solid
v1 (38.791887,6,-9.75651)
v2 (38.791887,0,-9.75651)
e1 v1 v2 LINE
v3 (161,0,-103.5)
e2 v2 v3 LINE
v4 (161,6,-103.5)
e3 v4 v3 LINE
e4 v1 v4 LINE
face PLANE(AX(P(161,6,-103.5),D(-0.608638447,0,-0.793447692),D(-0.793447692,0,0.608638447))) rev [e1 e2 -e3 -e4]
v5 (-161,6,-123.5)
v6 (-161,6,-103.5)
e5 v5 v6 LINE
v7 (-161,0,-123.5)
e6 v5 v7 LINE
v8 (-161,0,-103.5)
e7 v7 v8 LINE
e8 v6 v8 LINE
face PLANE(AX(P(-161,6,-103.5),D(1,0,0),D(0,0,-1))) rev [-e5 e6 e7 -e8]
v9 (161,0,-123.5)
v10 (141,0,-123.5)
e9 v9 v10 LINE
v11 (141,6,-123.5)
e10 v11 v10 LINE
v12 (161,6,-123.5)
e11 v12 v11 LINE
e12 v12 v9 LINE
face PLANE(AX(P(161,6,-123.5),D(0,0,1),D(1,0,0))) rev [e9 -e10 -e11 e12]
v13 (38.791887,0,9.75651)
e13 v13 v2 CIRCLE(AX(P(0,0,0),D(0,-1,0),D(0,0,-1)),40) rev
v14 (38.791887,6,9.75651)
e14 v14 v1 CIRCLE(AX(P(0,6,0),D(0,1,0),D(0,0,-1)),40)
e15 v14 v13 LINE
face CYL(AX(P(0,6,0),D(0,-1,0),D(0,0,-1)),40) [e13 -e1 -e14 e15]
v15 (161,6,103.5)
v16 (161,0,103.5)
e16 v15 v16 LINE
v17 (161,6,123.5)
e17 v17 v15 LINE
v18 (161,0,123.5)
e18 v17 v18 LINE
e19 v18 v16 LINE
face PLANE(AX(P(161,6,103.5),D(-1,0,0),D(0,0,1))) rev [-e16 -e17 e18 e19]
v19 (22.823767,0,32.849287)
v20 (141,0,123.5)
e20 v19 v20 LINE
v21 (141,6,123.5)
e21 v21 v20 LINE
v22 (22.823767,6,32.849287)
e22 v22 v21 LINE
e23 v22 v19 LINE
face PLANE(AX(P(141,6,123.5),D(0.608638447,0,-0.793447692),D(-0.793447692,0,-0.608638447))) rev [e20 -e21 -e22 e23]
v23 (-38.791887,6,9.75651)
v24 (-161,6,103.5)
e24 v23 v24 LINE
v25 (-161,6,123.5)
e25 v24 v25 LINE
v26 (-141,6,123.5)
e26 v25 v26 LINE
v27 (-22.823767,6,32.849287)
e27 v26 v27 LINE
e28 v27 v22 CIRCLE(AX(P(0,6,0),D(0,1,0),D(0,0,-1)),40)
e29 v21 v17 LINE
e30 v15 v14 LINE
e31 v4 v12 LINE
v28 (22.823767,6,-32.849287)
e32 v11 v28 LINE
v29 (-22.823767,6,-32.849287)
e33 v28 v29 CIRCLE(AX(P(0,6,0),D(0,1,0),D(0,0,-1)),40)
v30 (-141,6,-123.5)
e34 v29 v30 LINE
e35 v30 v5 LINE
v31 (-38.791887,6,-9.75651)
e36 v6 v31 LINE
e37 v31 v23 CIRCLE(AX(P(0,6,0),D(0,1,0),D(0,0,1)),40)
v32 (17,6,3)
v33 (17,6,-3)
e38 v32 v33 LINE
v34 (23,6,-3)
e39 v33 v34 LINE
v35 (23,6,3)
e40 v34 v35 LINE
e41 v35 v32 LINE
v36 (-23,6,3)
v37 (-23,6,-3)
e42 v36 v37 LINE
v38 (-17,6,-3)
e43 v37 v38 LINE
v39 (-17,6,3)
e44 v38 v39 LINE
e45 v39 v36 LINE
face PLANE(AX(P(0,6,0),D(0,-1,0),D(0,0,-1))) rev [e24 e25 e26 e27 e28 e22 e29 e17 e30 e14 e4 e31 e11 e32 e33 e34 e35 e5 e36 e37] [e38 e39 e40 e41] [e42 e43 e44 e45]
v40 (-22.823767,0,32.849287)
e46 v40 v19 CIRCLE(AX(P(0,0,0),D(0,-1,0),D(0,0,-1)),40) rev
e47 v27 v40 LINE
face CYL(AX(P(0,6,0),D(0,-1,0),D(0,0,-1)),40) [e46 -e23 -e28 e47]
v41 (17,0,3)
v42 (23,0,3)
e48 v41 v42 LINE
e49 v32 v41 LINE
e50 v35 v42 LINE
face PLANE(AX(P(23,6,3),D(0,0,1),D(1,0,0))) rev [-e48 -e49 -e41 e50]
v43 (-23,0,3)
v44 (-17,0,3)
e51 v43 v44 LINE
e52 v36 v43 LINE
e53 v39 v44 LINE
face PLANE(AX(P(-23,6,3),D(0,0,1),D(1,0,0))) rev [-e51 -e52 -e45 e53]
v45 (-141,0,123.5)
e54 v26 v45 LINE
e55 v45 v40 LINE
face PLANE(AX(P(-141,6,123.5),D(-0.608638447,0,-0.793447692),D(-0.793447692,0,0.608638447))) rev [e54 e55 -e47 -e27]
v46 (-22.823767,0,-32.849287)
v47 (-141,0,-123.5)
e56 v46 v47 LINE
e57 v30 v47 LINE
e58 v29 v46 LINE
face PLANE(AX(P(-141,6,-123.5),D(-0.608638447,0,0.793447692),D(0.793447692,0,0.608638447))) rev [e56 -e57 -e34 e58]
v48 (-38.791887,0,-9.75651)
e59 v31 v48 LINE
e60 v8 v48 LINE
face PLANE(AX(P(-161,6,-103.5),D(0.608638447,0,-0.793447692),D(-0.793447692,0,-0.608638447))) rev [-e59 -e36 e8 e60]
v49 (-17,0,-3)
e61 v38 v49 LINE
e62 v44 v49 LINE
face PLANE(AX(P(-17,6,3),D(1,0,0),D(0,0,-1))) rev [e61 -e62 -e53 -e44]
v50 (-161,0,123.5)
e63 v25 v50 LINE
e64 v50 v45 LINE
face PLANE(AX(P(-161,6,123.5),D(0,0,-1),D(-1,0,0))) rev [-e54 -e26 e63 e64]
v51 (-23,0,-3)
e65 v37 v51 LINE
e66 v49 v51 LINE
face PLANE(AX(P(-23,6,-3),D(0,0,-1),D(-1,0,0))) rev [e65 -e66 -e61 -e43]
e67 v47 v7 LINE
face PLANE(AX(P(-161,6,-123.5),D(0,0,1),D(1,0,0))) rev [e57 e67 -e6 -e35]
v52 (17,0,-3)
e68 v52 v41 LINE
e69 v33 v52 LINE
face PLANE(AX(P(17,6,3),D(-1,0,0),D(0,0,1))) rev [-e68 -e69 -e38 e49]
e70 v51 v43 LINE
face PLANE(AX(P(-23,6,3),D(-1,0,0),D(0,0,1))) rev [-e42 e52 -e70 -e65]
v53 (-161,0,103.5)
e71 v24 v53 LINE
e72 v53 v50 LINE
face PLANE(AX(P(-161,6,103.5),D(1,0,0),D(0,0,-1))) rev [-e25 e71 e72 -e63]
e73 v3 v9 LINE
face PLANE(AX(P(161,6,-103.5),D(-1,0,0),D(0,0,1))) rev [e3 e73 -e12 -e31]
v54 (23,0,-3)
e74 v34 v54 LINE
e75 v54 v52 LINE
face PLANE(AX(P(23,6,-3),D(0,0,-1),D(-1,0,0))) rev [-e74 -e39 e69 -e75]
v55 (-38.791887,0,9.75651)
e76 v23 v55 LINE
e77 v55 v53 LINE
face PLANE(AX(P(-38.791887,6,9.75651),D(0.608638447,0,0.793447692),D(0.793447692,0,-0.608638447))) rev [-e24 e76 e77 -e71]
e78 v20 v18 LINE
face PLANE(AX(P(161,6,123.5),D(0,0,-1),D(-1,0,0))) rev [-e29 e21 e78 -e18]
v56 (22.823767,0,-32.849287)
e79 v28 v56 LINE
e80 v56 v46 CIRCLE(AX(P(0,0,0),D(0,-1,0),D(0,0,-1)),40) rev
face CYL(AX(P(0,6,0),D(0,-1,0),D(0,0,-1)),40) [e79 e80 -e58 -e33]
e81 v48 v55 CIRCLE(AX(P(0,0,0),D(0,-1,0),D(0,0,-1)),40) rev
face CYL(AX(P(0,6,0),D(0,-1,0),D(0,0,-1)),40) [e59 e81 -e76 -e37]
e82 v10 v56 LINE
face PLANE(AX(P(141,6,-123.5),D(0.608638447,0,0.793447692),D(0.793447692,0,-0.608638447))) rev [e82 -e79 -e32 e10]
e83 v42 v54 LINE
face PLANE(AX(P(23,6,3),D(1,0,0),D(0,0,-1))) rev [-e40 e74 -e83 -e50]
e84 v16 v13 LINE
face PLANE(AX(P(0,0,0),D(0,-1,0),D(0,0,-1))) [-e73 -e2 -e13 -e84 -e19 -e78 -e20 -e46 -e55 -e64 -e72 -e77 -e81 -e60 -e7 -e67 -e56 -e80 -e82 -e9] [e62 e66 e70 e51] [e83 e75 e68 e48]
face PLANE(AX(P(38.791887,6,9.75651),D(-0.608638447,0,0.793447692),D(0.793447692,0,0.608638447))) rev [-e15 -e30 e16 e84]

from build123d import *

# Parameters (mm, degrees)
SALIENTE_EXTRUIR1_DEPTH = 6
CROQUIS7_R              = 40
SALIENTE_EXTRUIR5_DEPTH = 6
SALIENTE_EXTRUIR3_DEPTH = 6
CROQUIS6_R              = 1.75
SALIENTE_EXTRUIR4_DEPTH = 6
CROQUIS8_W              = 6
CROQUIS8_H              = 6
CORTAR_EXTRUIR1_DEPTH   = 25
CROQUIS9_R              = 40
CORTAR_EXTRUIR2_DEPTH   = 18


with BuildPart() as part:
    # Croquis1 → Saliente-Extruir1 (new body)
    with BuildSketch(Plane(origin=(0, 0, 0), x_dir=(1, 0, 0), z_dir=(0, 1, 0))):
        with BuildLine():
            Line((-161, 103.5), (-38.791887254, 9.756509788))
            ThreePointArc((-38.791887254, 9.756509788), (-40, 0), (-38.791887254, -9.756509788))
            Line((-38.791887254, -9.756509788), (-161, -103.5))
            Line((-161, -103.5), (-161, -123.5))
            Line((-161, -123.5), (-141, -123.5))
            Line((-141, -123.5), (-22.823766962, -32.84928708))
            ThreePointArc((-22.823766962, -32.84928708), (0, -40), (22.823766962, -32.84928708))
            Line((22.823766962, -32.84928708), (141, -123.5))
            Line((141, -123.5), (161, -123.5))
            Line((161, -123.5), (161, -103.5))
            Line((161, -103.5), (38.791887254, -9.756509788))
            ThreePointArc((38.791887254, -9.756509788), (40, 0), (38.791887254, 9.756509788))
            Line((38.791887254, 9.756509788), (161, 103.5))
            Line((161, 103.5), (161, 123.5))
            Line((161, 123.5), (141, 123.5))
            Line((141, 123.5), (22.823766962, 32.84928708))
            ThreePointArc((22.823766962, 32.84928708), (0, 40), (-22.823766962, 32.84928708))
            Line((-22.823766962, 32.84928708), (-141, 123.5))
            Line((-141, 123.5), (-161, 123.5))
            Line((-161, 123.5), (-161, 103.5))
        make_face()
    extrude(amount=SALIENTE_EXTRUIR1_DEPTH)

    # Croquis7 → Saliente-Extruir5 (add)
    with BuildSketch(Plane(origin=(0, 0, 0), x_dir=(-1, 0, 0), z_dir=(0, -1, 0))):
        Circle(CROQUIS7_R)
    extrude(amount=SALIENTE_EXTRUIR5_DEPTH)

    # Croquis5 → Saliente-Extruir3 (add)
    with BuildSketch(Plane.XZ.offset(6)):
        with BuildLine():
            Line((18.896097481, -21), (-18.896097481, -21))
            ThreePointArc((-18.896097481, -21), (-28.25, 0), (-18.896097481, 21))
            Line((-18.896097481, 21), (-13.25, 21))
            Line((-13.25, 21), (-13.25, -11))
            Line((-13.25, -11), (13.25, -11))
            Line((13.25, -11), (13.25, 21))
            Line((13.25, 21), (18.896097481, 21))
            ThreePointArc((18.896097481, 21), (28.25, 0), (18.896097481, -21))
        make_face()
    extrude(amount=SALIENTE_EXTRUIR3_DEPTH)

    # Croquis6 → Saliente-Extruir4 (add)
    with BuildSketch(Plane.XZ.offset(12)):
        with BuildLine():
            Line((-18.896097481, 21), (-13.25, 21))
            Line((-13.25, 21), (-13.25, 3.5))
            ThreePointArc((-13.25, 3.5), (-13.103553391, 3.146446609), (-12.75, 3))
            Line((-12.75, 3), (12.75, 3))
            ThreePointArc((12.75, 3), (13.103553391, 3.146446609), (13.25, 3.5))
            Line((13.25, 3.5), (13.25, 21))
            Line((13.25, 21), (18.896097481, 21))
            ThreePointArc((18.896097481, 21), (28.25, 0), (18.896097481, -21))
            Line((18.896097481, -21), (-18.896097481, -21))
            ThreePointArc((-18.896097481, -21), (-28.25, 0), (-18.896097481, 21))
        make_face()
        with Locations((-8, -5.75)):
            Circle(CROQUIS6_R, mode=Mode.SUBTRACT)
        with Locations((8, -5.75)):
            Circle(CROQUIS6_R, mode=Mode.SUBTRACT)
    extrude(amount=SALIENTE_EXTRUIR4_DEPTH)

    # Croquis8 → Cortar-Extruir1 (cut, through all)
    with BuildSketch(Plane.XZ.offset(18)):
        with Locations((-20, 0)):
            Rectangle(CROQUIS8_W, CROQUIS8_H)
        with Locations((20, 0)):
            Rectangle(CROQUIS8_W, CROQUIS8_H)
    extrude(amount=-CORTAR_EXTRUIR1_DEPTH, mode=Mode.SUBTRACT)

    # Croquis9 → Cortar-Extruir2 (cut)
    with BuildSketch(Plane(origin=(0, -18, 0), x_dir=(-1, 0, 0), z_dir=(0, -1, 0))):
        Circle(CROQUIS9_R)
    extrude(amount=-CORTAR_EXTRUIR2_DEPTH, mode=Mode.SUBTRACT)


solid = part.part
